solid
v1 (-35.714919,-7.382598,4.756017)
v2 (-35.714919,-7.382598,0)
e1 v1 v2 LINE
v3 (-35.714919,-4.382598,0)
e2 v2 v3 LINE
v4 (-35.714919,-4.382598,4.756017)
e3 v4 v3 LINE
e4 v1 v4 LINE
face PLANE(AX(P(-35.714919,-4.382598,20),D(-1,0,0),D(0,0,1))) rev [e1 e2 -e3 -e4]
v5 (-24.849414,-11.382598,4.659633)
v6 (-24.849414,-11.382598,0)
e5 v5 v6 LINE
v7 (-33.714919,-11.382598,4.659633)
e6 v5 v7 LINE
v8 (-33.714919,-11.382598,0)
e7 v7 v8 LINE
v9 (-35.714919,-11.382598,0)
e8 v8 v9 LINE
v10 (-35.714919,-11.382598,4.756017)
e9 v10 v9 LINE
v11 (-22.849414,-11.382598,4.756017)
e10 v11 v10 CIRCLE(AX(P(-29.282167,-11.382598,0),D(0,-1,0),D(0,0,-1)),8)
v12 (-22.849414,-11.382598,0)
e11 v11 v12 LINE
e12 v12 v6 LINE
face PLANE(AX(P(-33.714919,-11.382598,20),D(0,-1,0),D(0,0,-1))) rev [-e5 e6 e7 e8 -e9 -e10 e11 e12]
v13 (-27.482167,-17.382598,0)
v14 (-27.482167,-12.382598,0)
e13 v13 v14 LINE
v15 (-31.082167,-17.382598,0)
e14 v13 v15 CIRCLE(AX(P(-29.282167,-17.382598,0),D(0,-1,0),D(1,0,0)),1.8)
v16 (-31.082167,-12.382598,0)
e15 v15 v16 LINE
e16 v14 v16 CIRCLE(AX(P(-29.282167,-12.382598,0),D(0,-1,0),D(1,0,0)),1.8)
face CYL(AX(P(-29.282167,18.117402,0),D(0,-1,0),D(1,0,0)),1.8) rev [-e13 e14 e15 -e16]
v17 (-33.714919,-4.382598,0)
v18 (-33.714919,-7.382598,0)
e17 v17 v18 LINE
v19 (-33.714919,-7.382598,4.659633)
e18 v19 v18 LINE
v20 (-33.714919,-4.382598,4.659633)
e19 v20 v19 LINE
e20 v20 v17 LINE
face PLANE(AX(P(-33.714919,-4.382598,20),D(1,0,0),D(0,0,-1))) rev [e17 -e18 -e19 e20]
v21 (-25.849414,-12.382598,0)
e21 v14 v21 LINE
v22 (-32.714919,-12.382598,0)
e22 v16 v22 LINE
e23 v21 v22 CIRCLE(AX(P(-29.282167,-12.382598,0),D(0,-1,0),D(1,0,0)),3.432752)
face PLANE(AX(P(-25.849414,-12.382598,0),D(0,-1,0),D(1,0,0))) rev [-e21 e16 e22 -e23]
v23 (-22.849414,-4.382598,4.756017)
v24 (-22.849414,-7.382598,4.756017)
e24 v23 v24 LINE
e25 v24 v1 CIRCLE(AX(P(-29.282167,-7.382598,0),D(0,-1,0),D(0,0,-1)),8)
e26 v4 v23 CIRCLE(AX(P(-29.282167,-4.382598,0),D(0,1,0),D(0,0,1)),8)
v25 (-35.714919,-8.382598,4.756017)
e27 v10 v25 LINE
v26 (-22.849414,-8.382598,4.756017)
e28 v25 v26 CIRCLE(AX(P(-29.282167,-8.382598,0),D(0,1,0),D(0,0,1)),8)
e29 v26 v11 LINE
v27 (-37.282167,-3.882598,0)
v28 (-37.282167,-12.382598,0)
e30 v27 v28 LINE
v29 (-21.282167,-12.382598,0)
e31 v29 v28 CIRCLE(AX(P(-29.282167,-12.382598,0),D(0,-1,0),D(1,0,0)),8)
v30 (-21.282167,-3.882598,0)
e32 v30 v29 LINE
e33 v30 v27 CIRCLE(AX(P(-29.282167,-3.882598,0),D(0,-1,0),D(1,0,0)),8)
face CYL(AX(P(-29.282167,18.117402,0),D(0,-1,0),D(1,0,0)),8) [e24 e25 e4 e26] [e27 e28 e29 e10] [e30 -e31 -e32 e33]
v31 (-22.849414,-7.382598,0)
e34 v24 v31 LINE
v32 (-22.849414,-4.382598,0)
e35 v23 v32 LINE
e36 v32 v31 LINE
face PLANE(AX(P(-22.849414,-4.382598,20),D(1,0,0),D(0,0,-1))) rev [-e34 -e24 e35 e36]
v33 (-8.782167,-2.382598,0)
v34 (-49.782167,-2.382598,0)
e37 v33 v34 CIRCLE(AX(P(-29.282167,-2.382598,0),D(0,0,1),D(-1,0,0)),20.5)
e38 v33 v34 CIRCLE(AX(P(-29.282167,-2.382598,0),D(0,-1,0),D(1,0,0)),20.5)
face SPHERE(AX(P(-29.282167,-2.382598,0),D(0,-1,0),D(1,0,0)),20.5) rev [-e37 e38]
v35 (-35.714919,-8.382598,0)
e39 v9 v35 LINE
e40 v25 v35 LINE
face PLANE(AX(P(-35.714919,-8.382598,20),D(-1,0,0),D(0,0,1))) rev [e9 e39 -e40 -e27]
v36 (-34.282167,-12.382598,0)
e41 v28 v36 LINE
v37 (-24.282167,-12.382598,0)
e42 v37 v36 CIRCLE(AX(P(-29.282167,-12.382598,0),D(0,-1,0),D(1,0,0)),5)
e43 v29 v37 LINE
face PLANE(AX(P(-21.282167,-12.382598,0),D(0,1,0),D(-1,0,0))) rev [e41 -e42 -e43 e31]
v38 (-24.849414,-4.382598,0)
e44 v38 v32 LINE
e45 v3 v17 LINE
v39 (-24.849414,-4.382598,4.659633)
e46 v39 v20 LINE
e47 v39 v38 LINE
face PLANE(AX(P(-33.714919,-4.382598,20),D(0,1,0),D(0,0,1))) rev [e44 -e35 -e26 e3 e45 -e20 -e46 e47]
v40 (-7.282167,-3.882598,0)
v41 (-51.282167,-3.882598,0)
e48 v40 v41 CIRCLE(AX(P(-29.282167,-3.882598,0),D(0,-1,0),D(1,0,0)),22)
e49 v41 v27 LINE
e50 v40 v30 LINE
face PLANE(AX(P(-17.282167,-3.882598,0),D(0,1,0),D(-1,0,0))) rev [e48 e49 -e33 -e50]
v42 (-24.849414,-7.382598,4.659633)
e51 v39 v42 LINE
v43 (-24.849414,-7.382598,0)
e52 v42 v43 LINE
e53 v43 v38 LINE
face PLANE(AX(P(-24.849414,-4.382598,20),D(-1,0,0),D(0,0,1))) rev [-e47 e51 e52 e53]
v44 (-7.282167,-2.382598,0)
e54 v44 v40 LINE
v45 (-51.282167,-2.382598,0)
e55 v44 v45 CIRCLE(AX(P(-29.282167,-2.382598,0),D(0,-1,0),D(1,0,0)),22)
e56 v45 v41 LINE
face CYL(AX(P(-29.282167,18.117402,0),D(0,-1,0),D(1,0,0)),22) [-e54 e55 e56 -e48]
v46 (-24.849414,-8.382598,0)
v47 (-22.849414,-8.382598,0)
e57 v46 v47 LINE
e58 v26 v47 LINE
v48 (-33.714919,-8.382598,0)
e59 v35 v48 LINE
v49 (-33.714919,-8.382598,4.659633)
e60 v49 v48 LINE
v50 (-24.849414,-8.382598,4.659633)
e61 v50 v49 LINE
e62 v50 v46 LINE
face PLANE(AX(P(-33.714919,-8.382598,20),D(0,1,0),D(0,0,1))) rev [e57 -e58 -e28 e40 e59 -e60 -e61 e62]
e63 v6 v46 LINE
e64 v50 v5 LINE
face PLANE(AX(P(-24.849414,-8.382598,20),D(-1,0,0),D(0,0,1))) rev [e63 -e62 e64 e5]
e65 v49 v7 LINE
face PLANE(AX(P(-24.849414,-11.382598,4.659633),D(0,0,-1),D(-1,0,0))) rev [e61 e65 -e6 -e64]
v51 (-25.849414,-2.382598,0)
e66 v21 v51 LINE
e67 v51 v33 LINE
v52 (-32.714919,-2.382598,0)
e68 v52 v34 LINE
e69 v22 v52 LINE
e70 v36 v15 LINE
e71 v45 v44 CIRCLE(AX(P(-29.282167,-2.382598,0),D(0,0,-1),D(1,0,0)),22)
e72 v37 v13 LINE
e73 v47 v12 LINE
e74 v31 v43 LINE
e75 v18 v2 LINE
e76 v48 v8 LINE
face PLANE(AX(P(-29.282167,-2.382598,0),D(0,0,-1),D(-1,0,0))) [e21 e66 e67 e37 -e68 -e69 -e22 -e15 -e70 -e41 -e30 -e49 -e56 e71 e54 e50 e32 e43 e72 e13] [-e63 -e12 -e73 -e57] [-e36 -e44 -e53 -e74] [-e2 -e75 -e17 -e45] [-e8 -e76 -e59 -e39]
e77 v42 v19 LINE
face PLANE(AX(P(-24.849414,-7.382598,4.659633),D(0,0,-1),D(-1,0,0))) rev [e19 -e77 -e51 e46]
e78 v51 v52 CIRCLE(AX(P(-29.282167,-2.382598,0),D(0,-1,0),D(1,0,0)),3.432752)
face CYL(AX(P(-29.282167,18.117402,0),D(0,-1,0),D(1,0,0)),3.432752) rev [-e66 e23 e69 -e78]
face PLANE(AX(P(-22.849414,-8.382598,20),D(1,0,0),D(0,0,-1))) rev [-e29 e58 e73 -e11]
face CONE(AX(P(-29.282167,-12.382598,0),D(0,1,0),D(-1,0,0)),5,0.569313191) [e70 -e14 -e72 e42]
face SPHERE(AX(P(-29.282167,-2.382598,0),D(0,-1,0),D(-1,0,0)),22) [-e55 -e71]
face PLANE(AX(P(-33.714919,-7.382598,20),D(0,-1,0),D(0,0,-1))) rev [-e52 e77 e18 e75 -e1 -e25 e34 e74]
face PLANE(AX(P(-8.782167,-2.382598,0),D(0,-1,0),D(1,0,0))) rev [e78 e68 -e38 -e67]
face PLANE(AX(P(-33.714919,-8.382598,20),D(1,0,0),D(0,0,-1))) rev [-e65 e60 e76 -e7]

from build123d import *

# Parameters (mm, degrees)
REVOLUCI_N1_ANGLE     = 180
CROQUIS2_W            = 2
CROQUIS2_H            = 3
CORTAR_EXTRUIR1_DEPTH = 20
CORTAR_EXTRUIR2_DEPTH = 8.865505


with BuildPart() as part:
    # Croquis1 → Revolución1 (revolve)
    with BuildSketch(Plane.XY):
        with BuildLine():
            Line((-49.782166939, -2.382597623), (-32.714919408, -2.382597623))
            Line((-32.714919408, -2.382597623), (-32.714919408, -12.382597623))
            Line((-32.714919408, -12.382597623), (-31.082166939, -12.382597623))
            Line((-31.082166939, -12.382597623), (-31.082166939, -17.382597623))
            Line((-31.082166939, -17.382597623), (-34.282166939, -12.382597623))
            Line((-34.282166939, -12.382597623), (-37.282166939, -12.382597623))
            Line((-37.282166939, -12.382597623), (-37.282166939, -3.882597623))
            Line((-37.282166939, -3.882597623), (-38.282166939, -3.882597623))
            Line((-38.282166939, -3.882597623), (-41.282166939, -3.882597623))
            Line((-41.282166939, -3.882597623), (-51.282166939, -3.882597623))
            Line((-51.282166939, -3.882597623), (-51.282166939, -2.382597623))
            ThreePointArc((-51.282166939, -2.382597623), (-44.838516125, 13.173751563), (-29.282166939, 19.617402377))
            Line((-29.282166939, 19.617402377), (-29.282166939, 18.117402377))
            ThreePointArc((-29.282166939, 18.117402377), (-43.777855954, 12.113091391), (-49.782166939, -2.382597623))
        make_face()
    revolve(axis=Axis((-29.282166939, 18.117402377, 0), (0, 1, 0)), revolution_arc=REVOLUCI_N1_ANGLE)

    # Croquis2 → Cortar-Extruir1 (cut)
    with BuildSketch(Plane(origin=(0, 0, 0), x_dir=(-1, 0, 0), z_dir=(0, 0, -1))):
        with Locations((34.714919408, -9.882597623)):
            Rectangle(CROQUIS2_W, CROQUIS2_H)
        with Locations((34.714919408, -5.882597623)):
            Rectangle(CROQUIS2_W, CROQUIS2_H)
        with Locations((23.84941447, -9.882597623)):
            Rectangle(CROQUIS2_W, CROQUIS2_H)
        with Locations((23.84941447, -5.882597623)):
            Rectangle(CROQUIS2_W, CROQUIS2_H)
    extrude(amount=-CORTAR_EXTRUIR1_DEPTH, mode=Mode.SUBTRACT)

    # Croquis3 → Cortar-Extruir2 (cut)
    with BuildSketch(Plane.ZY.offset(33.714919408)):
        Polygon((6.659632539, -7.382597623), (4.659632539, -7.382597623), (4.659632539, -4.382597623), (9.659632539, -4.382597623), (9.659632539, -7.382597623), align=None)
        Polygon((6.659632539, -11.382597623), (4.659632539, -11.382597623), (4.659632539, -8.382597623), (9.659632539, -8.382597623), (9.659632539, -11.382597623), align=None)
    extrude(amount=-CORTAR_EXTRUIR2_DEPTH, mode=Mode.SUBTRACT)


solid = part.part
